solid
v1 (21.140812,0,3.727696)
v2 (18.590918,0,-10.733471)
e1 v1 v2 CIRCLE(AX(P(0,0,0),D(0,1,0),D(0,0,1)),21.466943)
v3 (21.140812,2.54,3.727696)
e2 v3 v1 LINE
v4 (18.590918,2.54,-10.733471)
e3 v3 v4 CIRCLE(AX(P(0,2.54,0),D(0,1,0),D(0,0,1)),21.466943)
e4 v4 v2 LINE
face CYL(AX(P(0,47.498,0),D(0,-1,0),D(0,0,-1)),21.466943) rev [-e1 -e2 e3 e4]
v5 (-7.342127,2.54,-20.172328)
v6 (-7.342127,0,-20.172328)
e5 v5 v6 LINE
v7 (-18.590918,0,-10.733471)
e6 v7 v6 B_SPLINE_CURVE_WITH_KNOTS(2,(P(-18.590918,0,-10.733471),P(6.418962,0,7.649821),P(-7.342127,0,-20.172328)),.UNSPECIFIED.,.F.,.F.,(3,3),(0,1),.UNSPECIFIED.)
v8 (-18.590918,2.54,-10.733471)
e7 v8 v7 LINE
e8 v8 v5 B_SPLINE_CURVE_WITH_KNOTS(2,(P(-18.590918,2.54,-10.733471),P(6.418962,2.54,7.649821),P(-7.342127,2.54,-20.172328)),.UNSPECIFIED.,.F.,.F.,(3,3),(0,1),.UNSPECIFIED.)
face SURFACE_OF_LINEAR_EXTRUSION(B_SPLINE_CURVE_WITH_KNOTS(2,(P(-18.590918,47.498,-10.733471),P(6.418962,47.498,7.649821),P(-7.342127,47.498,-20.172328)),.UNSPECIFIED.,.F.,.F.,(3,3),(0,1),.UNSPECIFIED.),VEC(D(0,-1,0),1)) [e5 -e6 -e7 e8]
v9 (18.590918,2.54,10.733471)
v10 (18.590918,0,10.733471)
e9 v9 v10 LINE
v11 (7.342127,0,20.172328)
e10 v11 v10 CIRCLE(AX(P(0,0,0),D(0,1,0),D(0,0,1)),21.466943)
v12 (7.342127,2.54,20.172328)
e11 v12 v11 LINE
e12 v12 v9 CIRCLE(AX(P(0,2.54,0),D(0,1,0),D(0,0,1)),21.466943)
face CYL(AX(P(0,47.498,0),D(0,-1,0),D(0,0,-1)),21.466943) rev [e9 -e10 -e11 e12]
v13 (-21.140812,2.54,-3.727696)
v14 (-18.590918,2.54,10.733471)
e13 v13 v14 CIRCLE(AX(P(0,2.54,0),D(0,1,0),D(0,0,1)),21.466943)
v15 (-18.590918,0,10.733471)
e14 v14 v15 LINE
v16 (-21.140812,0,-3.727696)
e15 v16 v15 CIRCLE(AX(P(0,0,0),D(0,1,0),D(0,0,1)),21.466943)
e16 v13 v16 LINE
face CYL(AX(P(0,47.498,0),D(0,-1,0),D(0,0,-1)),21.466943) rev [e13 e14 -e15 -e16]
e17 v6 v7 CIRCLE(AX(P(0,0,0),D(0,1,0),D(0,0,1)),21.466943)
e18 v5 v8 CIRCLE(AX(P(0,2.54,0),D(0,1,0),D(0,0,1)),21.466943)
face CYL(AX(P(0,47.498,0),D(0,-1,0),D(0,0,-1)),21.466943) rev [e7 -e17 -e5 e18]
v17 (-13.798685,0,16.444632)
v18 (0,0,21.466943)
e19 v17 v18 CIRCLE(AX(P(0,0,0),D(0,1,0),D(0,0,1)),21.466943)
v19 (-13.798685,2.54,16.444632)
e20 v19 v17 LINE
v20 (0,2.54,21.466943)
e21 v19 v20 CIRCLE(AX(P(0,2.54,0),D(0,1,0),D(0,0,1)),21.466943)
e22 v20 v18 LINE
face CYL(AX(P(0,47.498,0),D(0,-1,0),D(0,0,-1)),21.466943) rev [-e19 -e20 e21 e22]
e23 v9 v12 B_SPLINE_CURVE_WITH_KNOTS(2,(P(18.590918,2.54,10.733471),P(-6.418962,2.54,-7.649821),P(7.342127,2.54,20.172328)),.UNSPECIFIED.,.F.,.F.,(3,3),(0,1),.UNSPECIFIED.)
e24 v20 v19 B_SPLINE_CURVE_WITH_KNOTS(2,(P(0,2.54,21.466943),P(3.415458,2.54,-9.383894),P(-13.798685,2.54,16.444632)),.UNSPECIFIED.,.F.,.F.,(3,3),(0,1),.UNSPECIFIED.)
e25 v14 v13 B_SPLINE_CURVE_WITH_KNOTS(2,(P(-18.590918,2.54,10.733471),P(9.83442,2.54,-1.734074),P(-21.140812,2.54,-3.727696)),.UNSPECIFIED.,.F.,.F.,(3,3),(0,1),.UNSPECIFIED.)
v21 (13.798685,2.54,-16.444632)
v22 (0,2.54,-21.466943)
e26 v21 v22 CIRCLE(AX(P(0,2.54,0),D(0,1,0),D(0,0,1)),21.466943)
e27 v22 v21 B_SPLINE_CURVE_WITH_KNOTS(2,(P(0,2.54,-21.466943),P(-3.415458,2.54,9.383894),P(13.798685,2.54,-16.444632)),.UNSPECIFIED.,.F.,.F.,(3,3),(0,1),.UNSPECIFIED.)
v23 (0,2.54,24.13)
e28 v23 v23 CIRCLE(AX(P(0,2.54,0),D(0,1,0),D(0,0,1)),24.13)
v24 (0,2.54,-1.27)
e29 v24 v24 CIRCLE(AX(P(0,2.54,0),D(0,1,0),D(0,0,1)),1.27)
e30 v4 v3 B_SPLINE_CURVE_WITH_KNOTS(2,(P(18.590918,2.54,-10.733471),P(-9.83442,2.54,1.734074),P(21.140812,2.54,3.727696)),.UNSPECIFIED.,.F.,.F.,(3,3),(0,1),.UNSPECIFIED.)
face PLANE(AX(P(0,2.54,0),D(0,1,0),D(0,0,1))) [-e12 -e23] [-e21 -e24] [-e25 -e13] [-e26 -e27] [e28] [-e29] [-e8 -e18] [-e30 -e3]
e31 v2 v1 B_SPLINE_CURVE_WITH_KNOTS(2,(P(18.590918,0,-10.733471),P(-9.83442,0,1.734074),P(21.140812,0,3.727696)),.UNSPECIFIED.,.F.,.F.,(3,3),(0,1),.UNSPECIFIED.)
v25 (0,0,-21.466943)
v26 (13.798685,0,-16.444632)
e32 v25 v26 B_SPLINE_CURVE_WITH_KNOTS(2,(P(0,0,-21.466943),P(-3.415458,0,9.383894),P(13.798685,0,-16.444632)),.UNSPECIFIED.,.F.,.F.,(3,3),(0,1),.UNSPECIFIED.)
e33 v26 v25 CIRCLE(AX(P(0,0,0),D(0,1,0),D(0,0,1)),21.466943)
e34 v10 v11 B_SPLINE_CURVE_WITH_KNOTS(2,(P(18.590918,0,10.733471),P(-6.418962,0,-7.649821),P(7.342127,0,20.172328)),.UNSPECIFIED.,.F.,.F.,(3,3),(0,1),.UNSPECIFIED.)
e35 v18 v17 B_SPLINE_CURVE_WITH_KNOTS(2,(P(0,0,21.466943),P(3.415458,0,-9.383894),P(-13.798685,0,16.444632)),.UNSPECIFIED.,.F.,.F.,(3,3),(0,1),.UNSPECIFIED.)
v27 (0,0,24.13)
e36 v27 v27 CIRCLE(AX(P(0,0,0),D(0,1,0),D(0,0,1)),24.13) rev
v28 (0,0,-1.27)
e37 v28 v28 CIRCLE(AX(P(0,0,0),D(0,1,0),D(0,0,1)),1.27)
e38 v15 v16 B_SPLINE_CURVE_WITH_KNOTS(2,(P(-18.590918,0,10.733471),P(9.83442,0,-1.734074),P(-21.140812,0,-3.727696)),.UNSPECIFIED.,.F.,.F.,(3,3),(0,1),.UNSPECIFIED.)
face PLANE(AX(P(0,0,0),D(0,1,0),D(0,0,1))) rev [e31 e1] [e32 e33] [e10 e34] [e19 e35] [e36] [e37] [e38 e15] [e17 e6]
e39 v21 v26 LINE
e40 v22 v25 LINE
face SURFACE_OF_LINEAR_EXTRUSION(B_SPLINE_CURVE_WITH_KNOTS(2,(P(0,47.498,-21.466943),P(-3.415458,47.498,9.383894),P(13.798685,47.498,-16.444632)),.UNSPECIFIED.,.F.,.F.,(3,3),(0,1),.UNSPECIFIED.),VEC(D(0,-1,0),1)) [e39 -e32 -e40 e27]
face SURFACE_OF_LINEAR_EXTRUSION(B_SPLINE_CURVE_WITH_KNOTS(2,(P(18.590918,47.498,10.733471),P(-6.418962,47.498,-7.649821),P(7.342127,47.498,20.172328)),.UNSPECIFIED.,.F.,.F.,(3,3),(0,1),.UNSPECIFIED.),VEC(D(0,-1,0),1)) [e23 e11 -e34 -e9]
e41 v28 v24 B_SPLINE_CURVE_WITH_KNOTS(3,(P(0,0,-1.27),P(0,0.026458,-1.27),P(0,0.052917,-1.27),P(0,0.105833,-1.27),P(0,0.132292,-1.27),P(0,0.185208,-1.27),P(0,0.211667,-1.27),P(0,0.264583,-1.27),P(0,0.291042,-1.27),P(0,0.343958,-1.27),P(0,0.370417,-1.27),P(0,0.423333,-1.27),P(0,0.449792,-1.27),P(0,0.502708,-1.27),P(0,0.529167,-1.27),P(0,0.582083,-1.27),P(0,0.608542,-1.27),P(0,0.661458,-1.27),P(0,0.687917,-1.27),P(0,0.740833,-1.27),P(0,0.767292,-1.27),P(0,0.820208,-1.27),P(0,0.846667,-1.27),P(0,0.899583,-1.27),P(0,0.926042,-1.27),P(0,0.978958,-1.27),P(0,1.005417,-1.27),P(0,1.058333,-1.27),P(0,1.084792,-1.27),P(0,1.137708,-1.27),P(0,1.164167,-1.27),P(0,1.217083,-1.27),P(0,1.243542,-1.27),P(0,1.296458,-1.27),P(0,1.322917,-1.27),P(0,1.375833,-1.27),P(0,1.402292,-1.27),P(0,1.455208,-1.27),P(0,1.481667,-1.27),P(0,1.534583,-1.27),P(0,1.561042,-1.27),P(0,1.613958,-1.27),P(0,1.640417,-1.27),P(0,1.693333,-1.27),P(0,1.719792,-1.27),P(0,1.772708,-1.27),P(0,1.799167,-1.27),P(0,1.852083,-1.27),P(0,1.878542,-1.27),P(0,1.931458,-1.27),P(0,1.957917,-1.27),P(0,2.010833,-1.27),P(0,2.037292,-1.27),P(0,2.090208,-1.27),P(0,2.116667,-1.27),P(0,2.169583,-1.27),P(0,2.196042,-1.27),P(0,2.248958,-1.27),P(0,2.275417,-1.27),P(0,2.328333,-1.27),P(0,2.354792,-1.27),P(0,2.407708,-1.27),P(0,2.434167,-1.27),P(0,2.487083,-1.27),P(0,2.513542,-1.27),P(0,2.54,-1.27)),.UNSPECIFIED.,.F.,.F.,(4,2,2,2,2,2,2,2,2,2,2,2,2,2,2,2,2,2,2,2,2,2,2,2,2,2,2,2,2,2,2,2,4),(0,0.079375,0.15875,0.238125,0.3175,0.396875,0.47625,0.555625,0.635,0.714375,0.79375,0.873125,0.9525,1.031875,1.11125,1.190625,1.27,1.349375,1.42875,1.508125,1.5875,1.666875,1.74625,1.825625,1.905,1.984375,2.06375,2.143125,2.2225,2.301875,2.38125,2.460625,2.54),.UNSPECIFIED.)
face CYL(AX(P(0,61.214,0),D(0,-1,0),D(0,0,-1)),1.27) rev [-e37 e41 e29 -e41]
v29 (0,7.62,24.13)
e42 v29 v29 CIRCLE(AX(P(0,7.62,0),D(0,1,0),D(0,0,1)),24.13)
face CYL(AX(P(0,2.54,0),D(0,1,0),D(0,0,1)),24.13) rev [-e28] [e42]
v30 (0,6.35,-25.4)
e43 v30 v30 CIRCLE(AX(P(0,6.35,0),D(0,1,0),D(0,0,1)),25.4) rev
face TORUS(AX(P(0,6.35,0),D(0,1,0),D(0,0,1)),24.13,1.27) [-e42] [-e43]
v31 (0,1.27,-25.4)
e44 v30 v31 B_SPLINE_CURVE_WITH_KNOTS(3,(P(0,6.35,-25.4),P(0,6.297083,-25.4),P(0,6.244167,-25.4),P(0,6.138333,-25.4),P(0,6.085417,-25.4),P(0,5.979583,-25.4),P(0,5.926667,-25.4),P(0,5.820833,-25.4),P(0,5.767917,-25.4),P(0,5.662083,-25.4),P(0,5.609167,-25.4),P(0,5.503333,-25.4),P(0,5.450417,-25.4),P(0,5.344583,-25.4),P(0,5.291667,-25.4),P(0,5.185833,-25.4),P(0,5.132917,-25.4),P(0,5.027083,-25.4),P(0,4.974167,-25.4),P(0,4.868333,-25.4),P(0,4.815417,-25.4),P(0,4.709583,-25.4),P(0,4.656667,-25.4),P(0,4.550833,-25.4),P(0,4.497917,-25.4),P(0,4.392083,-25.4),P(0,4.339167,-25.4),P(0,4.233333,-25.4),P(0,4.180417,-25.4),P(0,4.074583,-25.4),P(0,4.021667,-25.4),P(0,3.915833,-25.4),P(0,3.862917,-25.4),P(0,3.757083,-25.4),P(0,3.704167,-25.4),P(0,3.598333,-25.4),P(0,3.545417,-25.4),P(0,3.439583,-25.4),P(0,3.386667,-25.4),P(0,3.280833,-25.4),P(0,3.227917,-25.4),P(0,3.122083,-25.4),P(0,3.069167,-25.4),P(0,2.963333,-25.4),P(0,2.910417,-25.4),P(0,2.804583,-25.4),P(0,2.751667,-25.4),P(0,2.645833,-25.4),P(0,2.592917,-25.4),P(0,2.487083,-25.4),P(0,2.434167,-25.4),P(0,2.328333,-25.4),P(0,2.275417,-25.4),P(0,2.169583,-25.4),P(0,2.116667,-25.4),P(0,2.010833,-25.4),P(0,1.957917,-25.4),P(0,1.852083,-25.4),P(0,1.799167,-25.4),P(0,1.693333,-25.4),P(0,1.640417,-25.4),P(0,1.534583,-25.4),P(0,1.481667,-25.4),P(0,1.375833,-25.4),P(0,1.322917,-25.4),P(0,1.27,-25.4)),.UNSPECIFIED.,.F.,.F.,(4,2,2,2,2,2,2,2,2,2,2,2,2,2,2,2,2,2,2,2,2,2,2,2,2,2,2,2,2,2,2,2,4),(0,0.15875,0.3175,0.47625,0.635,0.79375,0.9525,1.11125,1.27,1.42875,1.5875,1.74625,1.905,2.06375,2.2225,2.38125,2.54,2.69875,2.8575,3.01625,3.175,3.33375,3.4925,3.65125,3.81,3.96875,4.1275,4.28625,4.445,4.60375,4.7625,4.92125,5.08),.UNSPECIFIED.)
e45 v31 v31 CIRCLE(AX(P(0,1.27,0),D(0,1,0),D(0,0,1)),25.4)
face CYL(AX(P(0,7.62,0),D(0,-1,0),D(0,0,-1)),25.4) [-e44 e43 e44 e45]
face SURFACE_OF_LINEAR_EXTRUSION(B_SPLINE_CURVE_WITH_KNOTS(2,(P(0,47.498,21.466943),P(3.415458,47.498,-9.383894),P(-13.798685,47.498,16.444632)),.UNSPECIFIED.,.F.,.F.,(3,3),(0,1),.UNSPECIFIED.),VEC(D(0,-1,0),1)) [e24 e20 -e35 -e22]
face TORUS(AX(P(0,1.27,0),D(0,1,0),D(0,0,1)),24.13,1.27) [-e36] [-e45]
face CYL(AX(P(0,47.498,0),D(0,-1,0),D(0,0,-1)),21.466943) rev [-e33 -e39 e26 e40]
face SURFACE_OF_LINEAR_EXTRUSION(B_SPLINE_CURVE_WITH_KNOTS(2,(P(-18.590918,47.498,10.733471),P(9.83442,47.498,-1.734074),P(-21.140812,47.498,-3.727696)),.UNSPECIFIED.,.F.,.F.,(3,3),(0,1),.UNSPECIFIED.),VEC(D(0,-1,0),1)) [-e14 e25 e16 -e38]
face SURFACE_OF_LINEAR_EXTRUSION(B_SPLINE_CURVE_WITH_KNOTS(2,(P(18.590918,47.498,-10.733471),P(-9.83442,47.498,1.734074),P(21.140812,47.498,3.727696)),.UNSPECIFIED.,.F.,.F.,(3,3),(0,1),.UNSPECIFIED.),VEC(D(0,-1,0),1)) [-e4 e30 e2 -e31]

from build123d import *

# Parameters (mm, degrees)
SKETCH1_R           = 25.4
BOSS_EXTRUDE2_DEPTH = 7.62
CUT_EXTRUDE2_DEPTH  = 47.498
SKETCH1_5_R         = 1.27
CUT_EXTRUDE5_DEPTH  = 61.214
FILLET3_R           = 1.27
FILLET4_R           = 1.27
SKETCH9_R           = 24.13
CUT_EXTRUDE7_DEPTH  = 5.08


with BuildPart() as part:
    # Sketch1 → Boss-Extrude2 (new body)
    with BuildSketch(Plane(origin=(0, 0, 0), x_dir=(1, 0, 0), z_dir=(0, 1, 0))):
        Circle(SKETCH1_R)
    extrude(amount=BOSS_EXTRUDE2_DEPTH)

    # Sketch1<4> → Cut-Extrude2 (cut)
    with BuildSketch(Plane(origin=(0, 0, 0), x_dir=(1, 0, 0), z_dir=(0, 1, 0))):
        with BuildLine():
            ThreePointArc((21.140811888, -3.72769553), (21.140811888, 3.72769553), (18.590917969, 10.733471494))
            add(Edge.make_bspline(
                [(18.590917969, 10.733471494), (-9.834419754, -1.734073542), (21.140811888, -3.72769553)],
                knots=[0, 0, 0, 1, 1, 1], degree=2))
        make_face()
        with BuildLine():
            add(Edge.make_bspline(
                [(0, 21.466942988), (-3.415458137, -9.38389411), (13.79868497, 16.444632387)],
                knots=[0, 0, 0, 1, 1, 1], degree=2))
            ThreePointArc((13.79868497, 16.444632387), (7.342126917, 20.172327916), (0, 21.466942988))
        make_face()
        with BuildLine():
            ThreePointArc((7.342126917, -20.172327916), (13.79868497, -16.444632387), (18.590917969, -10.733471494))
            add(Edge.make_bspline(
                [(18.590917969, -10.733471494), (-6.418961617, 7.649820567), (7.342126917, -20.172327916)],
                knots=[0, 0, 0, 1, 1, 1], degree=2))
        make_face()
        with BuildLine():
            add(Edge.make_bspline(
                [(-18.590917969, 10.733471494), (6.418961617, -7.649820567), (-7.342126917, 20.172327916)],
                knots=[0, 0, 0, 1, 1, 1], degree=2))
            ThreePointArc((-7.342126917, 20.172327916), (-13.79868497, 16.444632387), (-18.590917969, 10.733471494))
        make_face()
        with BuildLine():
            ThreePointArc((-13.79868497, -16.444632387), (-7.342126917, -20.172327916), (0, -21.466942988))
            add(Edge.make_bspline(
                [(0, -21.466942988), (3.415458137, 9.38389411), (-13.79868497, -16.444632387)],
                knots=[0, 0, 0, 1, 1, 1], degree=2))
        make_face()
        with BuildLine():
            add(Edge.make_bspline(
                [(-18.590917969, -10.733471494), (9.834419754, 1.734073542), (-21.140811888, 3.72769553)],
                knots=[0, 0, 0, 1, 1, 1], degree=2))
            ThreePointArc((-21.140811888, 3.72769553), (-21.140811888, -3.72769553), (-18.590917969, -10.733471494))
        make_face()
    extrude(amount=CUT_EXTRUDE2_DEPTH, mode=Mode.SUBTRACT)

    # Sketch1<5> → Cut-Extrude5 (cut)
    with BuildSketch(Plane(origin=(0, 0, 0), x_dir=(1, 0, 0), z_dir=(0, 1, 0))):
        Circle(SKETCH1_5_R)
    extrude(amount=CUT_EXTRUDE5_DEPTH, mode=Mode.SUBTRACT)

    # Fillet3
    fillet3_edges = [part.edges().sort_by_distance(p)[0] for p in [
        (-25.4, 0, 0),
    ]]
    fillet(fillet3_edges, radius=FILLET3_R)

    # Fillet4
    fillet4_edges = [part.edges().sort_by_distance(p)[0] for p in [
        (-25.4, 7.62, 0),
    ]]
    fillet(fillet4_edges, radius=FILLET4_R)

    # Sketch9 → Cut-Extrude7 (cut)
    with BuildSketch(Plane(origin=(0, 7.62, 0), x_dir=(1, 0, 0), z_dir=(0, 1, 0))):
        Circle(SKETCH9_R)
    extrude(amount=-CUT_EXTRUDE7_DEPTH, mode=Mode.SUBTRACT)


solid = part.part
